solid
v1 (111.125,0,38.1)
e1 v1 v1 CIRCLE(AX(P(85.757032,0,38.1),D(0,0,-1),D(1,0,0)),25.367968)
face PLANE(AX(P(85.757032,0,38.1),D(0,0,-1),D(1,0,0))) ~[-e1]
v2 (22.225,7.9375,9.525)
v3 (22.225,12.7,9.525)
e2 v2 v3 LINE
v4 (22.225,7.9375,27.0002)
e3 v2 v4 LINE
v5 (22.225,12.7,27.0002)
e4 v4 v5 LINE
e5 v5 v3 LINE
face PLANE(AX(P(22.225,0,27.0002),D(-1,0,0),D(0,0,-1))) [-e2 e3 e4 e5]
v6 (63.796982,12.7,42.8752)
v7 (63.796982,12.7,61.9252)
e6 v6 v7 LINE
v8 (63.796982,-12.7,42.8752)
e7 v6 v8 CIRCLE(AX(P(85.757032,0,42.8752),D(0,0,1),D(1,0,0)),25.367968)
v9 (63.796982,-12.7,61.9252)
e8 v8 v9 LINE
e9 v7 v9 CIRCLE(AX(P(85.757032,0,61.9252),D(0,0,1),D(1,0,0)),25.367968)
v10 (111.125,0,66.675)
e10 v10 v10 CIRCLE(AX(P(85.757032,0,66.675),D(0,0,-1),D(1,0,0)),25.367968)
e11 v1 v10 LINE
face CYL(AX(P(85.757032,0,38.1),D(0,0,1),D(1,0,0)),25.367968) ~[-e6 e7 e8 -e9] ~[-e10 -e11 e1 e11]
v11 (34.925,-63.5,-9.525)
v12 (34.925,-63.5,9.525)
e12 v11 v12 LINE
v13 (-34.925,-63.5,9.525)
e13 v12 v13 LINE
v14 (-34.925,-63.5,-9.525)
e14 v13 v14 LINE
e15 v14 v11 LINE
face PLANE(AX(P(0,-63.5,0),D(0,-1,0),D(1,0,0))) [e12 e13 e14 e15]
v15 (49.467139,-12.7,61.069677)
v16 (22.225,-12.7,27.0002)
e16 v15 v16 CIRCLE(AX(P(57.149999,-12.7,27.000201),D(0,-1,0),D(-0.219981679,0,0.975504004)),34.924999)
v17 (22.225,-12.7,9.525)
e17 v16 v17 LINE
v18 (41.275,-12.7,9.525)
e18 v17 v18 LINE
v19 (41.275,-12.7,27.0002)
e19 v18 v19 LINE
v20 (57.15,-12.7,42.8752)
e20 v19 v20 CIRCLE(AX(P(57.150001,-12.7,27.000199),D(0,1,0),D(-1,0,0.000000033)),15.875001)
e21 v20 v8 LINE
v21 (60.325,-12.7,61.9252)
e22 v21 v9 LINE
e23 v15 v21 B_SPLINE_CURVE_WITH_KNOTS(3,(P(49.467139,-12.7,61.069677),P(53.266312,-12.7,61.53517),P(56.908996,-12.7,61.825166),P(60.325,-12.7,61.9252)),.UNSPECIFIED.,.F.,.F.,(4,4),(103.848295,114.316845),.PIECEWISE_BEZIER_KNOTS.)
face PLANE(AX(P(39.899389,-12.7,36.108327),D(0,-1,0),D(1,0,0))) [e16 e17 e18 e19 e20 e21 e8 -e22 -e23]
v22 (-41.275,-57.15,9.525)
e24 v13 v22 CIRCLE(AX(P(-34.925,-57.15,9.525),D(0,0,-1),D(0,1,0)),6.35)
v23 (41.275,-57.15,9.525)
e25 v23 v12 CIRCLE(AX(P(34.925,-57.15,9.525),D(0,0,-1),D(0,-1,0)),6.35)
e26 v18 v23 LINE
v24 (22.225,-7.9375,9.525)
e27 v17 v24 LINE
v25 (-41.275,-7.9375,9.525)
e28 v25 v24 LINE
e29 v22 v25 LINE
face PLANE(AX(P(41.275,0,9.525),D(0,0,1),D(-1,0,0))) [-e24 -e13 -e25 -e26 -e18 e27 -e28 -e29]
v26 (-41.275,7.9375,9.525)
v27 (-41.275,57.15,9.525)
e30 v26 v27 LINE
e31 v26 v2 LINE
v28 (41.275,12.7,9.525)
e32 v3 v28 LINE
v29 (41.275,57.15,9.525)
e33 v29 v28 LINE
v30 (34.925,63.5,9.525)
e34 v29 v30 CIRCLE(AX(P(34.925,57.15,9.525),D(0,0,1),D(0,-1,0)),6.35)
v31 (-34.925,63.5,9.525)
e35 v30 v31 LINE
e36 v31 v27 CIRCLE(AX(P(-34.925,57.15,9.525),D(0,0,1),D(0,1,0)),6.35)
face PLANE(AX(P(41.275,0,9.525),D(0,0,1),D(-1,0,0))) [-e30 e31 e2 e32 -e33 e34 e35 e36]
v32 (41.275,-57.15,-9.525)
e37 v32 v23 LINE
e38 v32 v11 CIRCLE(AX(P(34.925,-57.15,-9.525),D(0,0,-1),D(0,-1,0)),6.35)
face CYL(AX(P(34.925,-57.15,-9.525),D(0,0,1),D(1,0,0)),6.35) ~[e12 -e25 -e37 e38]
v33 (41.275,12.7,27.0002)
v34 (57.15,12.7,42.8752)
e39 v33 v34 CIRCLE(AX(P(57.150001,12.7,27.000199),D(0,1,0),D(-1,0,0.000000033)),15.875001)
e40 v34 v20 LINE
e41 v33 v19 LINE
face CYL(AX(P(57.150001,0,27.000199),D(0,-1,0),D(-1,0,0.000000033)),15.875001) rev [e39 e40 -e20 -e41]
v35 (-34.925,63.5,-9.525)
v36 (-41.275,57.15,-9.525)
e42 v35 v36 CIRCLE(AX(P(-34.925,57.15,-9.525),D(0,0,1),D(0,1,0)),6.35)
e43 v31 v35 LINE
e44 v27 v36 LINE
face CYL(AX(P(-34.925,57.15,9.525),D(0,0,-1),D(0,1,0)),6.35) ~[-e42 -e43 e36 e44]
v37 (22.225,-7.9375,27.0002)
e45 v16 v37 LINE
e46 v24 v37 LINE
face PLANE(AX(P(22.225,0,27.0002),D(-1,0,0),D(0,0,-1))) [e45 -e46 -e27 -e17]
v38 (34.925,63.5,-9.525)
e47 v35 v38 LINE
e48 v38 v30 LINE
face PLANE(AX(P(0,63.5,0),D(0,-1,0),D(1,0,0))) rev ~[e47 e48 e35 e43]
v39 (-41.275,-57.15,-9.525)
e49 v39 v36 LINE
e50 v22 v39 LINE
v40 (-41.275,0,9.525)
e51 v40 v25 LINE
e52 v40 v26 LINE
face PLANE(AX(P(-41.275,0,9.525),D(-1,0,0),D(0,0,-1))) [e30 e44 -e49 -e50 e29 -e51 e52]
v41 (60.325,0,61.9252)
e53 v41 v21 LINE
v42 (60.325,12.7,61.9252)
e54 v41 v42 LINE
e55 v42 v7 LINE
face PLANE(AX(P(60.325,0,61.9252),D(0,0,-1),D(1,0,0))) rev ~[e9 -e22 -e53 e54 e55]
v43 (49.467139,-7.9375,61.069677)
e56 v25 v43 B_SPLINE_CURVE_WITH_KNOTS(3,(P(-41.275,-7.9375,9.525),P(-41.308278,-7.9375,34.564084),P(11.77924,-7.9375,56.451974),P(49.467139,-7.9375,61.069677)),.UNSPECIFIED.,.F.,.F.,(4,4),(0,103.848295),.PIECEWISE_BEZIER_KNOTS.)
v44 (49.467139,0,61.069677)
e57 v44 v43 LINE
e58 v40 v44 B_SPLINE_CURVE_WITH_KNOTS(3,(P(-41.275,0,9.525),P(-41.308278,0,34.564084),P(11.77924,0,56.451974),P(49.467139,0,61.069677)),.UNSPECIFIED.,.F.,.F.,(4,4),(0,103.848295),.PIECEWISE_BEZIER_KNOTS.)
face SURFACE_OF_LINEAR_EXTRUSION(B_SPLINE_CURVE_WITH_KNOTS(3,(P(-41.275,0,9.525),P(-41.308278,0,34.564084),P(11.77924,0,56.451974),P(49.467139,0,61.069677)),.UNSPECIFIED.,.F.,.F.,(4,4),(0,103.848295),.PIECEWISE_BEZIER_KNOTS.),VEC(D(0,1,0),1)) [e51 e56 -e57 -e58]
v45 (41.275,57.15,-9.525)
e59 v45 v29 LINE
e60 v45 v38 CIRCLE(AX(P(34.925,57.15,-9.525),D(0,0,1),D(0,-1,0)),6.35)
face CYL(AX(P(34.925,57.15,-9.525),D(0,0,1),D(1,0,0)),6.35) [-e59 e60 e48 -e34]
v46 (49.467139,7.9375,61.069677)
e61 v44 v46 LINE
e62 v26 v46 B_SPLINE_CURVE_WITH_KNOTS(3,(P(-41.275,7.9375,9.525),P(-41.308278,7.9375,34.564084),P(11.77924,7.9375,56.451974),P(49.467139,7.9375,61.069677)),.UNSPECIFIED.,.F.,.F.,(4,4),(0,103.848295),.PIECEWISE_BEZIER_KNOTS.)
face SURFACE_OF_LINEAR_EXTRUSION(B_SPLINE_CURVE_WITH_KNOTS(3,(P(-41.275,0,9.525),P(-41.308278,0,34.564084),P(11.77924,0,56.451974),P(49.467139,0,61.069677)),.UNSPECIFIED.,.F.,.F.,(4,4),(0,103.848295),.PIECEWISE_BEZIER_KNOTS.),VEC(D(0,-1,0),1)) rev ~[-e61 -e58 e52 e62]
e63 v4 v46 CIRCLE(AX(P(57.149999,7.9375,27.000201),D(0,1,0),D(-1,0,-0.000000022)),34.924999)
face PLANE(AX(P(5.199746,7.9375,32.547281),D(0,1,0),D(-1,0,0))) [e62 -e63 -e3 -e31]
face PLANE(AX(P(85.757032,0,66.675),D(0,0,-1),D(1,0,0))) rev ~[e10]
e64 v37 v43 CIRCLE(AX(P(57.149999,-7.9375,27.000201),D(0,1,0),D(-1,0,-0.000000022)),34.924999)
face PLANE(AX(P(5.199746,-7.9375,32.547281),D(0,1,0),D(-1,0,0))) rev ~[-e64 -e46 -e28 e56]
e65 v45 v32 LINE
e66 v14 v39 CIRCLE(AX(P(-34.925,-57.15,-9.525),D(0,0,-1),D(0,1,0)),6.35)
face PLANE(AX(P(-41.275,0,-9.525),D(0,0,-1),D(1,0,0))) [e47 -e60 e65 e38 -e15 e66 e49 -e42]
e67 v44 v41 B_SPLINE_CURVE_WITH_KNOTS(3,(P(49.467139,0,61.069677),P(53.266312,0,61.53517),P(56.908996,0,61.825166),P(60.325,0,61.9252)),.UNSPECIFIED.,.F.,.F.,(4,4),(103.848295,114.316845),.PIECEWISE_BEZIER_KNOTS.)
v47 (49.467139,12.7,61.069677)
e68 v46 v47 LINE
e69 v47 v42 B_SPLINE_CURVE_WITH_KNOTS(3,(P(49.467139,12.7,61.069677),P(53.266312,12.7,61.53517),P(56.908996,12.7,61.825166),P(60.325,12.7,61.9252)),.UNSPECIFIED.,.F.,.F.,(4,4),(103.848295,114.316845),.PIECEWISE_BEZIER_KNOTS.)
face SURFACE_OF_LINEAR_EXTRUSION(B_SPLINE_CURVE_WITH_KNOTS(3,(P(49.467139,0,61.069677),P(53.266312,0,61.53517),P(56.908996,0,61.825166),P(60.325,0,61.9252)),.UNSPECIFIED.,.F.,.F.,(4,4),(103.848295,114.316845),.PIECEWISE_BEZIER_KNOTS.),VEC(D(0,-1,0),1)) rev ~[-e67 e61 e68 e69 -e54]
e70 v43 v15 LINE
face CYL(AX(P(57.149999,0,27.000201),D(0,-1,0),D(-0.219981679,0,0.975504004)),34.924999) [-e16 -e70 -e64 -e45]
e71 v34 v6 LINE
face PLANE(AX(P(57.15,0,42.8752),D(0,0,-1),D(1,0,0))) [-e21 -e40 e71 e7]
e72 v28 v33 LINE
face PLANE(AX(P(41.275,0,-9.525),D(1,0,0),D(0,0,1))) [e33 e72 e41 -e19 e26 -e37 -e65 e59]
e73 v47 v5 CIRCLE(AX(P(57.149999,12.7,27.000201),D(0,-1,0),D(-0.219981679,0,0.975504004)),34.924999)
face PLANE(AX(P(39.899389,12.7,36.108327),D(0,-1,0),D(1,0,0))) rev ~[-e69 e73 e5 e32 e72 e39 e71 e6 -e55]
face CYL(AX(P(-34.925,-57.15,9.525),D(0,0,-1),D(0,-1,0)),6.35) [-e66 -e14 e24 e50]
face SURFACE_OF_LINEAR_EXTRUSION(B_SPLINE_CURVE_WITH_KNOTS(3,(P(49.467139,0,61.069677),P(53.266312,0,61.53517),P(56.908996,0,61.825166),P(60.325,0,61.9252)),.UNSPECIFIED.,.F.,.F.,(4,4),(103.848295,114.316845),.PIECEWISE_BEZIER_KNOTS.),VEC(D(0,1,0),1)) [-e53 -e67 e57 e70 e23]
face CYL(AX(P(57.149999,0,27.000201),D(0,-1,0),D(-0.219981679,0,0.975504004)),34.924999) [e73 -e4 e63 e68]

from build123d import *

# Parameters (mm, degrees)
F1_DEPTH = 63.5
F0_W     = 25.432032
F0_H     = 19.05
F2_DEPTH = 12.7
F3_DEPTH = 7.9375
F5_R     = 6.35


with BuildPart() as f1:
    # F0 (on Front) → F1 (new body, symmetric)
    with BuildSketch(Plane.XZ):
        Polygon((-41.275, -9.525), (41.275, -9.525), (41.275, 9.525), (22.225, 9.525), (-41.275, 9.525), align=None)
    extrude(amount=F1_DEPTH, both=True)

    # F0 (on Front) → F2 (join, symmetric)
    with BuildSketch(Plane.XZ):
        with BuildLine():
            Line((22.225, 9.525), (41.275, 9.525))
            Line((41.275, 9.525), (41.275, 27.0002))
            ThreePointArc((41.275, 27.0002), (45.92468, 38.22552), (57.15, 42.8752))
            Line((57.15, 42.8752), (60.325, 42.8752))
            Line((60.325, 42.8752), (60.325, 61.9252))
            add(Edge.make_bspline(
                [(49.467139, 61.069677), (53.266312, 61.53517), (56.908996, 61.825166), (60.325, 61.9252)],
                knots=[103.848295, 103.848295, 103.848295, 103.848295, 114.316845, 114.316845, 114.316845, 114.316845], degree=3))
            ThreePointArc((49.467139, 61.069677), (29.872907, 48.811111), (22.225, 27.0002))
            Line((22.225, 27.0002), (22.225, 9.525))
        make_face()
        with Locations((73.041016, 52.4002)):
            Rectangle(F0_W, F0_H)
    extrude(amount=F2_DEPTH, both=True)

    # F0 (on Front) → F3 (join, symmetric)
    with BuildSketch(Plane.XZ):
        with BuildLine():
            add(Edge.make_bspline(
                [(-41.275, 9.525), (-41.308278, 34.564084), (11.77924, 56.451974), (49.467139, 61.069677)],
                knots=[0, 0, 0, 0, 103.848295, 103.848295, 103.848295, 103.848295], degree=3))
            Line((-41.275, 9.525), (22.225, 9.525))
            Line((22.225, 9.525), (22.225, 27.0002))
            ThreePointArc((22.225, 27.0002), (29.872907, 48.811111), (49.467139, 61.069677))
        make_face()
    extrude(amount=F3_DEPTH, both=True)

    # F0 (on Front) → F4 (revolve)
    with BuildSketch(Plane.XZ):
        Polygon((85.757032, 66.675), (85.757032, 61.9252), (85.757032, 42.8752), (85.757032, 38.1), (111.125, 38.1), (111.125, 66.675), align=None)
    revolve(axis=Axis((85.757032, 0, 52.3875), (0, 0, -1)))

    # F5
    f5_edges = [f1.edges().sort_by_distance(p)[0] for p in [
        (41.275, -63.5, 0),
        (-41.275, -63.5, 0),
        (-41.275, 63.5, 0),
        (41.275, 63.5, 0),
    ]]
    fillet(f5_edges, radius=F5_R)


solid = f1.part
